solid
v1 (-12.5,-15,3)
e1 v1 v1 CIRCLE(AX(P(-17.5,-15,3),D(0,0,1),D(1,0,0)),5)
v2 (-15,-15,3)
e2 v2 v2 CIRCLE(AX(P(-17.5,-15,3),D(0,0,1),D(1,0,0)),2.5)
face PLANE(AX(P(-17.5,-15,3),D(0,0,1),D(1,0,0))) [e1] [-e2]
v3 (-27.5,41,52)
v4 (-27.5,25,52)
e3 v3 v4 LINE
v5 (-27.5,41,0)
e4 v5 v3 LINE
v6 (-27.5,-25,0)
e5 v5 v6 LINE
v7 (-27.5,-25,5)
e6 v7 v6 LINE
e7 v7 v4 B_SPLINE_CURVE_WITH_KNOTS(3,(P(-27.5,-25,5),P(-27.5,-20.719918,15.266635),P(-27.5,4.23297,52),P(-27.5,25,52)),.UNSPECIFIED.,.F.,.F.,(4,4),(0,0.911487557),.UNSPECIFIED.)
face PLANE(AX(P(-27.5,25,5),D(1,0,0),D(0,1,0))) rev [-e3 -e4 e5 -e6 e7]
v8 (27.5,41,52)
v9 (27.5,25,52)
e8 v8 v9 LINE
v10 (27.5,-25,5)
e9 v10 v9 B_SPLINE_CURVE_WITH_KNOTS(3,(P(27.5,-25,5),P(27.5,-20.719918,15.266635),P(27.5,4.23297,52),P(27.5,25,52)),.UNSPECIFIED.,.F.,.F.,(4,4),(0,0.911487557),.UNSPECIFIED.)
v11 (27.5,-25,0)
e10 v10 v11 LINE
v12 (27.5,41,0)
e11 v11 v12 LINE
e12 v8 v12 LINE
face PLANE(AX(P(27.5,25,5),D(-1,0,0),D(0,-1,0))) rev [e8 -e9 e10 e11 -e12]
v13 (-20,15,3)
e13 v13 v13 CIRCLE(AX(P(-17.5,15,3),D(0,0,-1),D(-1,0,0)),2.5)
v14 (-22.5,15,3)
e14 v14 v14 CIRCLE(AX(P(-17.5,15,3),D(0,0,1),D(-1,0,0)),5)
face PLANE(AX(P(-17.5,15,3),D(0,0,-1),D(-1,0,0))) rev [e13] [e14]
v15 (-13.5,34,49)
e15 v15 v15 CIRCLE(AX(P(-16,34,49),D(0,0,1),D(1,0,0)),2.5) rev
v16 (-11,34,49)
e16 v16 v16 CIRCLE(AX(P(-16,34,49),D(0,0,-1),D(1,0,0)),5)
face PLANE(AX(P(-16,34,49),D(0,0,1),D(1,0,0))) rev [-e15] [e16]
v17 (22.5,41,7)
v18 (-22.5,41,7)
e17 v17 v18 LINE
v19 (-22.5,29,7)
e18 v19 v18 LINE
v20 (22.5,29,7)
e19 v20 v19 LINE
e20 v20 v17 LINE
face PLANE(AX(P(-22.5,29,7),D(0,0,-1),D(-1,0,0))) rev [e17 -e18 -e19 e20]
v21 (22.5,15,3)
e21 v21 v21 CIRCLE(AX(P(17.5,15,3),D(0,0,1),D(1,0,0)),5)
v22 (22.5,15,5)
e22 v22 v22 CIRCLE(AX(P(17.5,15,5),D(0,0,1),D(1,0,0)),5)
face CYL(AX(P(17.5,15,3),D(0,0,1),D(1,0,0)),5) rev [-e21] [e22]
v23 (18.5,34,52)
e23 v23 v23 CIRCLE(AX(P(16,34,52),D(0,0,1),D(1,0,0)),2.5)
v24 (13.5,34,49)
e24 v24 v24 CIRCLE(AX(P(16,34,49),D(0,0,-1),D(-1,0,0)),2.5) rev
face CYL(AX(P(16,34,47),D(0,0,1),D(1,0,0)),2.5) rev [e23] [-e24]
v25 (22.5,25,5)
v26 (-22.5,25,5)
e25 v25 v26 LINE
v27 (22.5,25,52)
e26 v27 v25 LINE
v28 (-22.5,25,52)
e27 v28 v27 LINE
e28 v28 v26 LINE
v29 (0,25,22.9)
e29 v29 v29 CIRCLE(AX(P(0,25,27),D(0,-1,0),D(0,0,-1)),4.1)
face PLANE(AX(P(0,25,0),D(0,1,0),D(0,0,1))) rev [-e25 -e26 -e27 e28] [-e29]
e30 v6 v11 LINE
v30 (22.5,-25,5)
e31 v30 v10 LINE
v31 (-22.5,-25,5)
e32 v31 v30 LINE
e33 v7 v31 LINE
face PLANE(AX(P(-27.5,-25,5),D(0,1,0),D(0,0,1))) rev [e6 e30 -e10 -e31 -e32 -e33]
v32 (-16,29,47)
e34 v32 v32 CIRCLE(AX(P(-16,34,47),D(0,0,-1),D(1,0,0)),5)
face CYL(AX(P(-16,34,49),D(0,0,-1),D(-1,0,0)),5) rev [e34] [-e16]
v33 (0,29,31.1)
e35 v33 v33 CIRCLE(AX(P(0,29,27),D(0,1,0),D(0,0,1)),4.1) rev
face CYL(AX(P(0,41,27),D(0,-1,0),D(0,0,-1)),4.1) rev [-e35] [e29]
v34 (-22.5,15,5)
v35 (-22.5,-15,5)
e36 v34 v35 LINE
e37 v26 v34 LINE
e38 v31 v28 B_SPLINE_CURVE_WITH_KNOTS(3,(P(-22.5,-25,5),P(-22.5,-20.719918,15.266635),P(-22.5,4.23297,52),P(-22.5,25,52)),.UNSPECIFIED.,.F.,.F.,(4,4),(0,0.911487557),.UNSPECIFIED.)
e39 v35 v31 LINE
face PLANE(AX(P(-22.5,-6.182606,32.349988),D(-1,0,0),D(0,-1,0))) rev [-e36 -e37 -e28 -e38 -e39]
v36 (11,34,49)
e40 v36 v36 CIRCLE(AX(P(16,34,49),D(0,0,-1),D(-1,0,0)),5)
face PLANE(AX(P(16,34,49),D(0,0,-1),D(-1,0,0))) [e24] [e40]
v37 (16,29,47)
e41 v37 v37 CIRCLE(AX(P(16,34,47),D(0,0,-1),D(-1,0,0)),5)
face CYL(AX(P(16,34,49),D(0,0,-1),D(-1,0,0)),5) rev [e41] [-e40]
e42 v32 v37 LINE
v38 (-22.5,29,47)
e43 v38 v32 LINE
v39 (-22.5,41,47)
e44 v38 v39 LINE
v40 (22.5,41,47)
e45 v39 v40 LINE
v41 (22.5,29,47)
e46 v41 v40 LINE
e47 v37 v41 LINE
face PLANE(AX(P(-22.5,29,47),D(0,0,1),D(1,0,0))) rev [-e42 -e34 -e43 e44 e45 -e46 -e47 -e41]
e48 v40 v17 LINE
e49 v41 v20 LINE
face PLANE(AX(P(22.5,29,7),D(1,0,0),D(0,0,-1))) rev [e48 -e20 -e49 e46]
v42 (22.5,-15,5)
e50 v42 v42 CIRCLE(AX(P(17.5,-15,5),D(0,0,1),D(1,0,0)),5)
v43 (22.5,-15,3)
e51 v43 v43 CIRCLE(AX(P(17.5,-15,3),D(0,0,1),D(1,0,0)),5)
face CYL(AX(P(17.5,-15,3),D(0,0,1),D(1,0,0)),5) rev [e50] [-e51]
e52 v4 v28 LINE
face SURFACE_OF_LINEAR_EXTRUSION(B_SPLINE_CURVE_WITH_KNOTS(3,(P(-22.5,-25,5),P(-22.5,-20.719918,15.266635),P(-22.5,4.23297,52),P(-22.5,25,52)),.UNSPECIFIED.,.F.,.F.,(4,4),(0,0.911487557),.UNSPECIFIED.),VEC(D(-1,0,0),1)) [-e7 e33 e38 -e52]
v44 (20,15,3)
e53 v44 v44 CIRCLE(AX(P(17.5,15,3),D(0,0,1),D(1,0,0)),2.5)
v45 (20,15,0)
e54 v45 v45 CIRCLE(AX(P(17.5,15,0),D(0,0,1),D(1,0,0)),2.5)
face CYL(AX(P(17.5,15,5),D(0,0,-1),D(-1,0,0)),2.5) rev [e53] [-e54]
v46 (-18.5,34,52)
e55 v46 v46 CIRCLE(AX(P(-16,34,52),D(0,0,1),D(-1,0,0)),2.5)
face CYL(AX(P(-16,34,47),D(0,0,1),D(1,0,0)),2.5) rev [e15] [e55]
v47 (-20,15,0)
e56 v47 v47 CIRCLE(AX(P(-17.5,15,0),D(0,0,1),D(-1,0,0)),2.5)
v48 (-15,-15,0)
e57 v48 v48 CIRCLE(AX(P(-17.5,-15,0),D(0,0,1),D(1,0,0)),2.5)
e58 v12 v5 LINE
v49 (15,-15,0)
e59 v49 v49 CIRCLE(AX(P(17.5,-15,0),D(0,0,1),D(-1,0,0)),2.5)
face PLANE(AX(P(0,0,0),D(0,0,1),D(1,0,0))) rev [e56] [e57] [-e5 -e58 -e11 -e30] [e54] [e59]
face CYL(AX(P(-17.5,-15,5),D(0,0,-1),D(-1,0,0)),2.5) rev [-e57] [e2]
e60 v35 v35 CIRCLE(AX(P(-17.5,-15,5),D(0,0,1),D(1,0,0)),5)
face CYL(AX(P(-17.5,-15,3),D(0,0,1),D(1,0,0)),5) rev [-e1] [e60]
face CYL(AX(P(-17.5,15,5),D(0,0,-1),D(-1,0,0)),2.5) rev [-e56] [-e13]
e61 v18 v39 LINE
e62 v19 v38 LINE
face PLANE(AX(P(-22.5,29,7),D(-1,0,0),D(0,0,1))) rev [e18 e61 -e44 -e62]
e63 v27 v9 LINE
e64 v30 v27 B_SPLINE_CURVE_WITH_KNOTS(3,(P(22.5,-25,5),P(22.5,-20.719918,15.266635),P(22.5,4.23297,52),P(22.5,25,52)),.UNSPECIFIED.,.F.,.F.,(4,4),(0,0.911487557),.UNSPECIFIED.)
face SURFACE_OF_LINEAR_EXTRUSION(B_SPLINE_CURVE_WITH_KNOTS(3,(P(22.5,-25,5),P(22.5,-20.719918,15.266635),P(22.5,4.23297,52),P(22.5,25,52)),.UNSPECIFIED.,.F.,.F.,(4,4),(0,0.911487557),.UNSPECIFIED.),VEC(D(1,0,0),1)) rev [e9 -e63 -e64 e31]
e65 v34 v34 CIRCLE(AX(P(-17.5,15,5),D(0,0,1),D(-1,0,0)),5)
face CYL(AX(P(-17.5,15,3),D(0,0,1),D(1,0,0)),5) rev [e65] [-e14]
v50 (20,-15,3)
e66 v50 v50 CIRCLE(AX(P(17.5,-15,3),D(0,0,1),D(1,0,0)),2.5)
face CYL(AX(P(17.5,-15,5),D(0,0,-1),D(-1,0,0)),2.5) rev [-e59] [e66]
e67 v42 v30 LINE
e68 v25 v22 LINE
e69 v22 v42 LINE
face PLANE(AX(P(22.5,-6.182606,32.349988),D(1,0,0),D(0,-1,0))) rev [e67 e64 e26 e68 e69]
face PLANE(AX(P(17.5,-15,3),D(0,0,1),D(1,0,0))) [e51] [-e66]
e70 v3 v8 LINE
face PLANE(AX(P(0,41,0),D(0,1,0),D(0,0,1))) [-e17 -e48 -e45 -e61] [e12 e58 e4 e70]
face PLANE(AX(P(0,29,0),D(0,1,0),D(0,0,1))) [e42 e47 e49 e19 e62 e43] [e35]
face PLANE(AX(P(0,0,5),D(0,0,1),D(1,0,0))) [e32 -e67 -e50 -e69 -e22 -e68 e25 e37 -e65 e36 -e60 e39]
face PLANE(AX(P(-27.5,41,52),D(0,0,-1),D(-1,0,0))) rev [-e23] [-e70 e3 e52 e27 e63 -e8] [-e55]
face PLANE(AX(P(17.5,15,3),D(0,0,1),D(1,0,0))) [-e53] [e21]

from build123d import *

# Parameters (mm, degrees)
SKETCH1_W           = 55
SKETCH1_H           = 50
SKETCH1_R           = 2.5
BOSS_EXTRUDE1_DEPTH = 5
SKETCH2_R           = 5
CUT_EXTRUDE1_DEPTH  = 2
SKETCH3_W           = 55
SKETCH3_H           = 52
BOSS_EXTRUDE2_DEPTH = 16
SKETCH4_R           = 4.1
CUT_EXTRUDE2_DEPTH  = 17
BOSS_EXTRUDE3_DEPTH = 5
SKETCH6_W           = 45
SKETCH6_H           = 40
CUT_EXTRUDE3_DEPTH  = 12
SKETCH8_R           = 2.5
CUT_EXTRUDE5_DEPTH  = 5
SKETCH10_R          = 5
CUT_EXTRUDE6_DEPTH  = 2


with BuildPart() as part:
    # Sketch1 → Boss-Extrude1 (new body)
    with BuildSketch(Plane.XY):
        Rectangle(SKETCH1_W, SKETCH1_H)
        with Locations((-17.5, -15)):
            Circle(SKETCH1_R, mode=Mode.SUBTRACT)
        with Locations((17.5, -15)):
            Circle(SKETCH1_R, mode=Mode.SUBTRACT)
        with Locations((17.5, 15)):
            Circle(SKETCH1_R, mode=Mode.SUBTRACT)
        with Locations((-17.5, 15)):
            Circle(SKETCH1_R, mode=Mode.SUBTRACT)
    extrude(amount=BOSS_EXTRUDE1_DEPTH)

    # Sketch2 → Cut-Extrude1 (cut)
    with BuildSketch(Plane.XY.offset(5)):
        with Locations((-17.5, -15)):
            Circle(SKETCH2_R)
        with Locations((17.5, -15)):
            Circle(SKETCH2_R)
        with Locations((-17.5, 15)):
            Circle(SKETCH2_R)
        with Locations((17.5, 15)):
            Circle(SKETCH2_R)
    extrude(amount=-CUT_EXTRUDE1_DEPTH, mode=Mode.SUBTRACT)

    # Sketch3 → Boss-Extrude2 (add)
    with BuildSketch(Plane(origin=(0, 25, 0), x_dir=(1, 0, 0), z_dir=(0, 1, 0))):
        with Locations((0, -26)):
            Rectangle(SKETCH3_W, SKETCH3_H)
    extrude(amount=BOSS_EXTRUDE2_DEPTH)

    # Sketch4 → Cut-Extrude2 (cut, through all)
    with BuildSketch(Plane(origin=(0, 25, 0), x_dir=(-1, 0, 0), z_dir=(0, -1, 0))):
        with Locations((0, -27)):
            Circle(SKETCH4_R)
    extrude(amount=-CUT_EXTRUDE2_DEPTH, mode=Mode.SUBTRACT)

    # Sketch5 → Boss-Extrude3 (add)
    with BuildSketch(Plane.ZY.offset(27.5)):
        with BuildLine():
            Line((5, -25), (5, 25))
            Line((5, 25), (52, 25))
            add(Edge.make_bspline(
                [(52, 25), (52, 4.232970162), (15.26663468, -20.719918254), (5, -25)],
                knots=[0, 0, 0, 0, 0.911487557, 0.911487557, 0.911487557, 0.911487557], degree=3))
        make_face()
    boss_extrude3 = extrude(amount=-BOSS_EXTRUDE3_DEPTH)

    # Mirror1: Boss-Extrude3 across plane
    add(boss_extrude3.mirror(Plane(origin=(0, 0, 0), x_dir=(0, 0, 1), z_dir=(1, 0, 0))))

    # Sketch6 → Cut-Extrude3 (cut)
    with BuildSketch(Plane(origin=(0, 41, 0), x_dir=(1, 0, 0), z_dir=(0, 1, 0))):
        with Locations((0, -27)):
            Rectangle(SKETCH6_W, SKETCH6_H)
    extrude(amount=-CUT_EXTRUDE3_DEPTH, mode=Mode.SUBTRACT)

    # Sketch8 → Cut-Extrude5 (cut)
    with BuildSketch(Plane.XY.offset(52)):
        with Locations((16, 34)):
            Circle(SKETCH8_R)
        with Locations((-16, 34)):
            Circle(SKETCH8_R)
    extrude(amount=-CUT_EXTRUDE5_DEPTH, mode=Mode.SUBTRACT)

    # Sketch10 → Cut-Extrude6 (cut)
    with BuildSketch(Plane(origin=(0, 0, 47), x_dir=(-1, 0, 0), z_dir=(0, 0, -1))):
        with Locations((-16, 34)):
            Circle(SKETCH10_R)
        with Locations((16, 34)):
            Circle(SKETCH10_R)
    extrude(amount=-CUT_EXTRUDE6_DEPTH, mode=Mode.SUBTRACT)


solid = part.part
